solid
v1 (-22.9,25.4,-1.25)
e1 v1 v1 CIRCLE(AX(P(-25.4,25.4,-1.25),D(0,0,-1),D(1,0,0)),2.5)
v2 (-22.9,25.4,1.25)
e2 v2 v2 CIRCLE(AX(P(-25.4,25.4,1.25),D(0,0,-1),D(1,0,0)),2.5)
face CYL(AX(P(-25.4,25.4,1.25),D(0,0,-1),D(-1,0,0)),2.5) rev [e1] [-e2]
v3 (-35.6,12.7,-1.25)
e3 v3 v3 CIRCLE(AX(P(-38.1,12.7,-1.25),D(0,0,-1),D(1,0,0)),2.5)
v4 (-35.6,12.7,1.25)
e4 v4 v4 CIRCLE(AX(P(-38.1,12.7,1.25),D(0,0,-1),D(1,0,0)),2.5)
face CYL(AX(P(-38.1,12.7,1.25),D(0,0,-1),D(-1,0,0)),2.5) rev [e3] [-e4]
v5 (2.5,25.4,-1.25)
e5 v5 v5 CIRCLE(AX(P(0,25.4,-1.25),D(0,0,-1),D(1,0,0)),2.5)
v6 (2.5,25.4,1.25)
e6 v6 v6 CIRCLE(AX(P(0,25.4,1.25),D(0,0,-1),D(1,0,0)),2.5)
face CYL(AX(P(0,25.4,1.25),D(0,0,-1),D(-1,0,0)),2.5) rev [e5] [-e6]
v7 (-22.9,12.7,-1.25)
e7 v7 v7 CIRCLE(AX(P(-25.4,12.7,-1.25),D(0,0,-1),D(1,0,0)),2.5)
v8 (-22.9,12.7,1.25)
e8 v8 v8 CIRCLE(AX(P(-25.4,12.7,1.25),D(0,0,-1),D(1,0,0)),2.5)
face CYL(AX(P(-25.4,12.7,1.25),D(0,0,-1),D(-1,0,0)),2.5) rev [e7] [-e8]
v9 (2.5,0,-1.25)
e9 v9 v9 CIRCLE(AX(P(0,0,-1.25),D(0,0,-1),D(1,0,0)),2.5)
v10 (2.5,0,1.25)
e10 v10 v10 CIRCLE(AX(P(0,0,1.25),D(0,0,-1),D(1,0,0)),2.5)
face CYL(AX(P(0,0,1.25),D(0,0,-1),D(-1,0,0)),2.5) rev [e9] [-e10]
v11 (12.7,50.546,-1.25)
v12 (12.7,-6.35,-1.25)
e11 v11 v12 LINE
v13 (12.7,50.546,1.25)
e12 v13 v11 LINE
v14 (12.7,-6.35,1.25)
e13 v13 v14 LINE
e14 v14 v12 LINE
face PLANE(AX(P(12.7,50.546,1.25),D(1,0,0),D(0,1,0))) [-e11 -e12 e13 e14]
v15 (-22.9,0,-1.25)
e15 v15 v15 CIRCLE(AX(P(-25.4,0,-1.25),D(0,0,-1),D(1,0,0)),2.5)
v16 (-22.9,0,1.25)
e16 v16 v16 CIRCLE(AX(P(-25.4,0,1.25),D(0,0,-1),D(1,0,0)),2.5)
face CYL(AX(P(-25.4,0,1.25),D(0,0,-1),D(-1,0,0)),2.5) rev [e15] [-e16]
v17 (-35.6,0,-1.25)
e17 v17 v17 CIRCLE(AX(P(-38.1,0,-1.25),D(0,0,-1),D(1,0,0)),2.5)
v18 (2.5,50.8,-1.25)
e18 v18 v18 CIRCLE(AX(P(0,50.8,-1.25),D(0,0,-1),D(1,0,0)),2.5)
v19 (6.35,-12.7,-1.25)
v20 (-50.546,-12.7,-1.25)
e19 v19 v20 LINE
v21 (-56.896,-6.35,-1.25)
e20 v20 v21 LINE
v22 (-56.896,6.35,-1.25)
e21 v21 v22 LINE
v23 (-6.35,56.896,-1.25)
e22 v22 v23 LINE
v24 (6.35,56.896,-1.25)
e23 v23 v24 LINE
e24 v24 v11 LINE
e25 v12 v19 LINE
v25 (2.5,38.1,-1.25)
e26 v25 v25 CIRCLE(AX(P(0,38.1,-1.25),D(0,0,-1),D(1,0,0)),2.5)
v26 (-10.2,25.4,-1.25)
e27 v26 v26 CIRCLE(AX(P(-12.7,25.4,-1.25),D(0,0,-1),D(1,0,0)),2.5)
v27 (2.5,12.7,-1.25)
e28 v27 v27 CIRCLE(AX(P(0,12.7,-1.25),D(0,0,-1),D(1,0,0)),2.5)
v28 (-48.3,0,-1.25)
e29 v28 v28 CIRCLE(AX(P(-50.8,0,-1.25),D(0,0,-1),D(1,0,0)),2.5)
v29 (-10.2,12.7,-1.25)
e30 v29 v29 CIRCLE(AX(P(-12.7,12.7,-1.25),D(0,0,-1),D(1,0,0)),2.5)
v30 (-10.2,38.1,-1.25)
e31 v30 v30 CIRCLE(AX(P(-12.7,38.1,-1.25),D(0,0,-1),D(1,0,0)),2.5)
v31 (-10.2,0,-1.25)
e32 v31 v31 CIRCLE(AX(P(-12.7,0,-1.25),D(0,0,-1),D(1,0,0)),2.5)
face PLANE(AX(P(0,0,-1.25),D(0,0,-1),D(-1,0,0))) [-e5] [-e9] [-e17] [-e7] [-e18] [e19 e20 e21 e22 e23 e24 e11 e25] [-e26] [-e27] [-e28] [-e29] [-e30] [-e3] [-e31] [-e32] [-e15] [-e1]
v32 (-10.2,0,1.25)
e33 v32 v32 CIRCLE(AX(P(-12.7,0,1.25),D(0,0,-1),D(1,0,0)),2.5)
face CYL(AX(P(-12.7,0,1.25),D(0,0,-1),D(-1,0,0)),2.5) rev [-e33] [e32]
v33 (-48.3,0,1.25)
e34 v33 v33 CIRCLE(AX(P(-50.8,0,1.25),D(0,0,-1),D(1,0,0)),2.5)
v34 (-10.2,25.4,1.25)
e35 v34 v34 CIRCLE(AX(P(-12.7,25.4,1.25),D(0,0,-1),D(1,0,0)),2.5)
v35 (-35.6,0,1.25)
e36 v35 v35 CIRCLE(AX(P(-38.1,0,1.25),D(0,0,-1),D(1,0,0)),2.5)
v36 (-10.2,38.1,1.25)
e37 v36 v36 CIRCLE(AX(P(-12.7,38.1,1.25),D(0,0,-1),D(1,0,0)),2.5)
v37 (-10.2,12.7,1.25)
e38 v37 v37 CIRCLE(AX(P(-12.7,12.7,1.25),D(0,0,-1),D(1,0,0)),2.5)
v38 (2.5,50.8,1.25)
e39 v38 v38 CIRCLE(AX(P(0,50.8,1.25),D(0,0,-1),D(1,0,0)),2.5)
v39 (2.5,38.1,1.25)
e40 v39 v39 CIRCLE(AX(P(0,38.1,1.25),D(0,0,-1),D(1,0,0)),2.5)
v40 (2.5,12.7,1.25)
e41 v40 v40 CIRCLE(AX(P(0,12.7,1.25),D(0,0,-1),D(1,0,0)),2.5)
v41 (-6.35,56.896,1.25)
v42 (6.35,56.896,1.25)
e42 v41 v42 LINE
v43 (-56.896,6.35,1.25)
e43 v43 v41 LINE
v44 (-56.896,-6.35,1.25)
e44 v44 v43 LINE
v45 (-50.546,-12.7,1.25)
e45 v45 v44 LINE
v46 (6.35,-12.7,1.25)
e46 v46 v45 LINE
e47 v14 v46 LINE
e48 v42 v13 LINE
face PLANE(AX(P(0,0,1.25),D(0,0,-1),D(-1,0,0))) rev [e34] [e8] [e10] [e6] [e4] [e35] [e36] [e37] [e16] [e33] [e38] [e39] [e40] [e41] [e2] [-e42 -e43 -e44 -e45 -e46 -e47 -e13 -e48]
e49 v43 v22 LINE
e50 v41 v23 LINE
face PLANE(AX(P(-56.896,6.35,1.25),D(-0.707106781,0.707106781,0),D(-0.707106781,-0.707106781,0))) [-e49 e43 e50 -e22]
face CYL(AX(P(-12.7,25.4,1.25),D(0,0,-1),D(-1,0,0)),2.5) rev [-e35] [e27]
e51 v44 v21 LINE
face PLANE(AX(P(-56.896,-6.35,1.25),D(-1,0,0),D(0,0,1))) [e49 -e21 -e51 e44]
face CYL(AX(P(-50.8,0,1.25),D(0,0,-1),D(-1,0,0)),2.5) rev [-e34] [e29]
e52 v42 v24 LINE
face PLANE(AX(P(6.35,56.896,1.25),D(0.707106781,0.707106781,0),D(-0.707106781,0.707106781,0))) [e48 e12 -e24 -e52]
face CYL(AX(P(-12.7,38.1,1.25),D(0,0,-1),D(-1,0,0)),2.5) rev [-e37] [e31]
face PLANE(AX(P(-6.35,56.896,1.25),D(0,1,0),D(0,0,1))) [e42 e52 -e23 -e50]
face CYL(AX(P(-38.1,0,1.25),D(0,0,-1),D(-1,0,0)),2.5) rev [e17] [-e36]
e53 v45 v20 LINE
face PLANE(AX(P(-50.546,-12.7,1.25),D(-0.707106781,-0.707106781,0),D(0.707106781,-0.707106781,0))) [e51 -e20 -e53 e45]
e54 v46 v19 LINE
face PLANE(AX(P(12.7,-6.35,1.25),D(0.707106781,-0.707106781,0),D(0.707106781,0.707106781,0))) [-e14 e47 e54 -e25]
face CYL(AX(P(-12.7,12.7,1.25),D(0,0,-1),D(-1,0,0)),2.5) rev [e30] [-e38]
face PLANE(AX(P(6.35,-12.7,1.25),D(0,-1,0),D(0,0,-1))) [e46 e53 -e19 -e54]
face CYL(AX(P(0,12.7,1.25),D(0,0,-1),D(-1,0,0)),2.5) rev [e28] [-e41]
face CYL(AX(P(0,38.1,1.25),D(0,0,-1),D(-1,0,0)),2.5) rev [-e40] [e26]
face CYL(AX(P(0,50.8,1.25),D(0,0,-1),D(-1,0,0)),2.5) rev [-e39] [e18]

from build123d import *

# Parameters (mm, degrees)
SKETCH1_R           = 2.5
BOSS_EXTRUDE1_DEPTH = 2.5


with BuildPart() as part:
    # Sketch1 → Boss-Extrude1 (new body)
    with BuildSketch(Plane(origin=(0, 0, -1.25), x_dir=(-1, 0, 0), z_dir=(0, 0, -1))):
        Polygon((-6.35, -12.7), (50.546, -12.7), (56.896, -6.35), (56.896, 6.35), (6.35, 56.896), (-6.35, 56.896), (-12.7, 50.546), (-12.7, -6.35), align=None)
        with Locations((0, 12.7)):
            Circle(SKETCH1_R, mode=Mode.SUBTRACT)
        with Locations((0, 25.4)):
            Circle(SKETCH1_R, mode=Mode.SUBTRACT)
        with Locations((12.7, 0)):
            Circle(SKETCH1_R, mode=Mode.SUBTRACT)
        with Locations((25.4, 0)):
            Circle(SKETCH1_R, mode=Mode.SUBTRACT)
        Circle(SKETCH1_R, mode=Mode.SUBTRACT)
        with Locations((50.8, 0)):
            Circle(SKETCH1_R, mode=Mode.SUBTRACT)
        with Locations((38.1, 0)):
            Circle(SKETCH1_R, mode=Mode.SUBTRACT)
        with Locations((0, 50.8)):
            Circle(SKETCH1_R, mode=Mode.SUBTRACT)
        with Locations((0, 38.1)):
            Circle(SKETCH1_R, mode=Mode.SUBTRACT)
        with Locations((12.7, 12.7)):
            Circle(SKETCH1_R, mode=Mode.SUBTRACT)
        with Locations((12.7, 25.4)):
            Circle(SKETCH1_R, mode=Mode.SUBTRACT)
        with Locations((12.7, 38.1)):
            Circle(SKETCH1_R, mode=Mode.SUBTRACT)
        with Locations((25.4, 12.7)):
            Circle(SKETCH1_R, mode=Mode.SUBTRACT)
        with Locations((25.4, 25.4)):
            Circle(SKETCH1_R, mode=Mode.SUBTRACT)
        with Locations((38.1, 12.7)):
            Circle(SKETCH1_R, mode=Mode.SUBTRACT)
    extrude(amount=-BOSS_EXTRUDE1_DEPTH)


solid = part.part
